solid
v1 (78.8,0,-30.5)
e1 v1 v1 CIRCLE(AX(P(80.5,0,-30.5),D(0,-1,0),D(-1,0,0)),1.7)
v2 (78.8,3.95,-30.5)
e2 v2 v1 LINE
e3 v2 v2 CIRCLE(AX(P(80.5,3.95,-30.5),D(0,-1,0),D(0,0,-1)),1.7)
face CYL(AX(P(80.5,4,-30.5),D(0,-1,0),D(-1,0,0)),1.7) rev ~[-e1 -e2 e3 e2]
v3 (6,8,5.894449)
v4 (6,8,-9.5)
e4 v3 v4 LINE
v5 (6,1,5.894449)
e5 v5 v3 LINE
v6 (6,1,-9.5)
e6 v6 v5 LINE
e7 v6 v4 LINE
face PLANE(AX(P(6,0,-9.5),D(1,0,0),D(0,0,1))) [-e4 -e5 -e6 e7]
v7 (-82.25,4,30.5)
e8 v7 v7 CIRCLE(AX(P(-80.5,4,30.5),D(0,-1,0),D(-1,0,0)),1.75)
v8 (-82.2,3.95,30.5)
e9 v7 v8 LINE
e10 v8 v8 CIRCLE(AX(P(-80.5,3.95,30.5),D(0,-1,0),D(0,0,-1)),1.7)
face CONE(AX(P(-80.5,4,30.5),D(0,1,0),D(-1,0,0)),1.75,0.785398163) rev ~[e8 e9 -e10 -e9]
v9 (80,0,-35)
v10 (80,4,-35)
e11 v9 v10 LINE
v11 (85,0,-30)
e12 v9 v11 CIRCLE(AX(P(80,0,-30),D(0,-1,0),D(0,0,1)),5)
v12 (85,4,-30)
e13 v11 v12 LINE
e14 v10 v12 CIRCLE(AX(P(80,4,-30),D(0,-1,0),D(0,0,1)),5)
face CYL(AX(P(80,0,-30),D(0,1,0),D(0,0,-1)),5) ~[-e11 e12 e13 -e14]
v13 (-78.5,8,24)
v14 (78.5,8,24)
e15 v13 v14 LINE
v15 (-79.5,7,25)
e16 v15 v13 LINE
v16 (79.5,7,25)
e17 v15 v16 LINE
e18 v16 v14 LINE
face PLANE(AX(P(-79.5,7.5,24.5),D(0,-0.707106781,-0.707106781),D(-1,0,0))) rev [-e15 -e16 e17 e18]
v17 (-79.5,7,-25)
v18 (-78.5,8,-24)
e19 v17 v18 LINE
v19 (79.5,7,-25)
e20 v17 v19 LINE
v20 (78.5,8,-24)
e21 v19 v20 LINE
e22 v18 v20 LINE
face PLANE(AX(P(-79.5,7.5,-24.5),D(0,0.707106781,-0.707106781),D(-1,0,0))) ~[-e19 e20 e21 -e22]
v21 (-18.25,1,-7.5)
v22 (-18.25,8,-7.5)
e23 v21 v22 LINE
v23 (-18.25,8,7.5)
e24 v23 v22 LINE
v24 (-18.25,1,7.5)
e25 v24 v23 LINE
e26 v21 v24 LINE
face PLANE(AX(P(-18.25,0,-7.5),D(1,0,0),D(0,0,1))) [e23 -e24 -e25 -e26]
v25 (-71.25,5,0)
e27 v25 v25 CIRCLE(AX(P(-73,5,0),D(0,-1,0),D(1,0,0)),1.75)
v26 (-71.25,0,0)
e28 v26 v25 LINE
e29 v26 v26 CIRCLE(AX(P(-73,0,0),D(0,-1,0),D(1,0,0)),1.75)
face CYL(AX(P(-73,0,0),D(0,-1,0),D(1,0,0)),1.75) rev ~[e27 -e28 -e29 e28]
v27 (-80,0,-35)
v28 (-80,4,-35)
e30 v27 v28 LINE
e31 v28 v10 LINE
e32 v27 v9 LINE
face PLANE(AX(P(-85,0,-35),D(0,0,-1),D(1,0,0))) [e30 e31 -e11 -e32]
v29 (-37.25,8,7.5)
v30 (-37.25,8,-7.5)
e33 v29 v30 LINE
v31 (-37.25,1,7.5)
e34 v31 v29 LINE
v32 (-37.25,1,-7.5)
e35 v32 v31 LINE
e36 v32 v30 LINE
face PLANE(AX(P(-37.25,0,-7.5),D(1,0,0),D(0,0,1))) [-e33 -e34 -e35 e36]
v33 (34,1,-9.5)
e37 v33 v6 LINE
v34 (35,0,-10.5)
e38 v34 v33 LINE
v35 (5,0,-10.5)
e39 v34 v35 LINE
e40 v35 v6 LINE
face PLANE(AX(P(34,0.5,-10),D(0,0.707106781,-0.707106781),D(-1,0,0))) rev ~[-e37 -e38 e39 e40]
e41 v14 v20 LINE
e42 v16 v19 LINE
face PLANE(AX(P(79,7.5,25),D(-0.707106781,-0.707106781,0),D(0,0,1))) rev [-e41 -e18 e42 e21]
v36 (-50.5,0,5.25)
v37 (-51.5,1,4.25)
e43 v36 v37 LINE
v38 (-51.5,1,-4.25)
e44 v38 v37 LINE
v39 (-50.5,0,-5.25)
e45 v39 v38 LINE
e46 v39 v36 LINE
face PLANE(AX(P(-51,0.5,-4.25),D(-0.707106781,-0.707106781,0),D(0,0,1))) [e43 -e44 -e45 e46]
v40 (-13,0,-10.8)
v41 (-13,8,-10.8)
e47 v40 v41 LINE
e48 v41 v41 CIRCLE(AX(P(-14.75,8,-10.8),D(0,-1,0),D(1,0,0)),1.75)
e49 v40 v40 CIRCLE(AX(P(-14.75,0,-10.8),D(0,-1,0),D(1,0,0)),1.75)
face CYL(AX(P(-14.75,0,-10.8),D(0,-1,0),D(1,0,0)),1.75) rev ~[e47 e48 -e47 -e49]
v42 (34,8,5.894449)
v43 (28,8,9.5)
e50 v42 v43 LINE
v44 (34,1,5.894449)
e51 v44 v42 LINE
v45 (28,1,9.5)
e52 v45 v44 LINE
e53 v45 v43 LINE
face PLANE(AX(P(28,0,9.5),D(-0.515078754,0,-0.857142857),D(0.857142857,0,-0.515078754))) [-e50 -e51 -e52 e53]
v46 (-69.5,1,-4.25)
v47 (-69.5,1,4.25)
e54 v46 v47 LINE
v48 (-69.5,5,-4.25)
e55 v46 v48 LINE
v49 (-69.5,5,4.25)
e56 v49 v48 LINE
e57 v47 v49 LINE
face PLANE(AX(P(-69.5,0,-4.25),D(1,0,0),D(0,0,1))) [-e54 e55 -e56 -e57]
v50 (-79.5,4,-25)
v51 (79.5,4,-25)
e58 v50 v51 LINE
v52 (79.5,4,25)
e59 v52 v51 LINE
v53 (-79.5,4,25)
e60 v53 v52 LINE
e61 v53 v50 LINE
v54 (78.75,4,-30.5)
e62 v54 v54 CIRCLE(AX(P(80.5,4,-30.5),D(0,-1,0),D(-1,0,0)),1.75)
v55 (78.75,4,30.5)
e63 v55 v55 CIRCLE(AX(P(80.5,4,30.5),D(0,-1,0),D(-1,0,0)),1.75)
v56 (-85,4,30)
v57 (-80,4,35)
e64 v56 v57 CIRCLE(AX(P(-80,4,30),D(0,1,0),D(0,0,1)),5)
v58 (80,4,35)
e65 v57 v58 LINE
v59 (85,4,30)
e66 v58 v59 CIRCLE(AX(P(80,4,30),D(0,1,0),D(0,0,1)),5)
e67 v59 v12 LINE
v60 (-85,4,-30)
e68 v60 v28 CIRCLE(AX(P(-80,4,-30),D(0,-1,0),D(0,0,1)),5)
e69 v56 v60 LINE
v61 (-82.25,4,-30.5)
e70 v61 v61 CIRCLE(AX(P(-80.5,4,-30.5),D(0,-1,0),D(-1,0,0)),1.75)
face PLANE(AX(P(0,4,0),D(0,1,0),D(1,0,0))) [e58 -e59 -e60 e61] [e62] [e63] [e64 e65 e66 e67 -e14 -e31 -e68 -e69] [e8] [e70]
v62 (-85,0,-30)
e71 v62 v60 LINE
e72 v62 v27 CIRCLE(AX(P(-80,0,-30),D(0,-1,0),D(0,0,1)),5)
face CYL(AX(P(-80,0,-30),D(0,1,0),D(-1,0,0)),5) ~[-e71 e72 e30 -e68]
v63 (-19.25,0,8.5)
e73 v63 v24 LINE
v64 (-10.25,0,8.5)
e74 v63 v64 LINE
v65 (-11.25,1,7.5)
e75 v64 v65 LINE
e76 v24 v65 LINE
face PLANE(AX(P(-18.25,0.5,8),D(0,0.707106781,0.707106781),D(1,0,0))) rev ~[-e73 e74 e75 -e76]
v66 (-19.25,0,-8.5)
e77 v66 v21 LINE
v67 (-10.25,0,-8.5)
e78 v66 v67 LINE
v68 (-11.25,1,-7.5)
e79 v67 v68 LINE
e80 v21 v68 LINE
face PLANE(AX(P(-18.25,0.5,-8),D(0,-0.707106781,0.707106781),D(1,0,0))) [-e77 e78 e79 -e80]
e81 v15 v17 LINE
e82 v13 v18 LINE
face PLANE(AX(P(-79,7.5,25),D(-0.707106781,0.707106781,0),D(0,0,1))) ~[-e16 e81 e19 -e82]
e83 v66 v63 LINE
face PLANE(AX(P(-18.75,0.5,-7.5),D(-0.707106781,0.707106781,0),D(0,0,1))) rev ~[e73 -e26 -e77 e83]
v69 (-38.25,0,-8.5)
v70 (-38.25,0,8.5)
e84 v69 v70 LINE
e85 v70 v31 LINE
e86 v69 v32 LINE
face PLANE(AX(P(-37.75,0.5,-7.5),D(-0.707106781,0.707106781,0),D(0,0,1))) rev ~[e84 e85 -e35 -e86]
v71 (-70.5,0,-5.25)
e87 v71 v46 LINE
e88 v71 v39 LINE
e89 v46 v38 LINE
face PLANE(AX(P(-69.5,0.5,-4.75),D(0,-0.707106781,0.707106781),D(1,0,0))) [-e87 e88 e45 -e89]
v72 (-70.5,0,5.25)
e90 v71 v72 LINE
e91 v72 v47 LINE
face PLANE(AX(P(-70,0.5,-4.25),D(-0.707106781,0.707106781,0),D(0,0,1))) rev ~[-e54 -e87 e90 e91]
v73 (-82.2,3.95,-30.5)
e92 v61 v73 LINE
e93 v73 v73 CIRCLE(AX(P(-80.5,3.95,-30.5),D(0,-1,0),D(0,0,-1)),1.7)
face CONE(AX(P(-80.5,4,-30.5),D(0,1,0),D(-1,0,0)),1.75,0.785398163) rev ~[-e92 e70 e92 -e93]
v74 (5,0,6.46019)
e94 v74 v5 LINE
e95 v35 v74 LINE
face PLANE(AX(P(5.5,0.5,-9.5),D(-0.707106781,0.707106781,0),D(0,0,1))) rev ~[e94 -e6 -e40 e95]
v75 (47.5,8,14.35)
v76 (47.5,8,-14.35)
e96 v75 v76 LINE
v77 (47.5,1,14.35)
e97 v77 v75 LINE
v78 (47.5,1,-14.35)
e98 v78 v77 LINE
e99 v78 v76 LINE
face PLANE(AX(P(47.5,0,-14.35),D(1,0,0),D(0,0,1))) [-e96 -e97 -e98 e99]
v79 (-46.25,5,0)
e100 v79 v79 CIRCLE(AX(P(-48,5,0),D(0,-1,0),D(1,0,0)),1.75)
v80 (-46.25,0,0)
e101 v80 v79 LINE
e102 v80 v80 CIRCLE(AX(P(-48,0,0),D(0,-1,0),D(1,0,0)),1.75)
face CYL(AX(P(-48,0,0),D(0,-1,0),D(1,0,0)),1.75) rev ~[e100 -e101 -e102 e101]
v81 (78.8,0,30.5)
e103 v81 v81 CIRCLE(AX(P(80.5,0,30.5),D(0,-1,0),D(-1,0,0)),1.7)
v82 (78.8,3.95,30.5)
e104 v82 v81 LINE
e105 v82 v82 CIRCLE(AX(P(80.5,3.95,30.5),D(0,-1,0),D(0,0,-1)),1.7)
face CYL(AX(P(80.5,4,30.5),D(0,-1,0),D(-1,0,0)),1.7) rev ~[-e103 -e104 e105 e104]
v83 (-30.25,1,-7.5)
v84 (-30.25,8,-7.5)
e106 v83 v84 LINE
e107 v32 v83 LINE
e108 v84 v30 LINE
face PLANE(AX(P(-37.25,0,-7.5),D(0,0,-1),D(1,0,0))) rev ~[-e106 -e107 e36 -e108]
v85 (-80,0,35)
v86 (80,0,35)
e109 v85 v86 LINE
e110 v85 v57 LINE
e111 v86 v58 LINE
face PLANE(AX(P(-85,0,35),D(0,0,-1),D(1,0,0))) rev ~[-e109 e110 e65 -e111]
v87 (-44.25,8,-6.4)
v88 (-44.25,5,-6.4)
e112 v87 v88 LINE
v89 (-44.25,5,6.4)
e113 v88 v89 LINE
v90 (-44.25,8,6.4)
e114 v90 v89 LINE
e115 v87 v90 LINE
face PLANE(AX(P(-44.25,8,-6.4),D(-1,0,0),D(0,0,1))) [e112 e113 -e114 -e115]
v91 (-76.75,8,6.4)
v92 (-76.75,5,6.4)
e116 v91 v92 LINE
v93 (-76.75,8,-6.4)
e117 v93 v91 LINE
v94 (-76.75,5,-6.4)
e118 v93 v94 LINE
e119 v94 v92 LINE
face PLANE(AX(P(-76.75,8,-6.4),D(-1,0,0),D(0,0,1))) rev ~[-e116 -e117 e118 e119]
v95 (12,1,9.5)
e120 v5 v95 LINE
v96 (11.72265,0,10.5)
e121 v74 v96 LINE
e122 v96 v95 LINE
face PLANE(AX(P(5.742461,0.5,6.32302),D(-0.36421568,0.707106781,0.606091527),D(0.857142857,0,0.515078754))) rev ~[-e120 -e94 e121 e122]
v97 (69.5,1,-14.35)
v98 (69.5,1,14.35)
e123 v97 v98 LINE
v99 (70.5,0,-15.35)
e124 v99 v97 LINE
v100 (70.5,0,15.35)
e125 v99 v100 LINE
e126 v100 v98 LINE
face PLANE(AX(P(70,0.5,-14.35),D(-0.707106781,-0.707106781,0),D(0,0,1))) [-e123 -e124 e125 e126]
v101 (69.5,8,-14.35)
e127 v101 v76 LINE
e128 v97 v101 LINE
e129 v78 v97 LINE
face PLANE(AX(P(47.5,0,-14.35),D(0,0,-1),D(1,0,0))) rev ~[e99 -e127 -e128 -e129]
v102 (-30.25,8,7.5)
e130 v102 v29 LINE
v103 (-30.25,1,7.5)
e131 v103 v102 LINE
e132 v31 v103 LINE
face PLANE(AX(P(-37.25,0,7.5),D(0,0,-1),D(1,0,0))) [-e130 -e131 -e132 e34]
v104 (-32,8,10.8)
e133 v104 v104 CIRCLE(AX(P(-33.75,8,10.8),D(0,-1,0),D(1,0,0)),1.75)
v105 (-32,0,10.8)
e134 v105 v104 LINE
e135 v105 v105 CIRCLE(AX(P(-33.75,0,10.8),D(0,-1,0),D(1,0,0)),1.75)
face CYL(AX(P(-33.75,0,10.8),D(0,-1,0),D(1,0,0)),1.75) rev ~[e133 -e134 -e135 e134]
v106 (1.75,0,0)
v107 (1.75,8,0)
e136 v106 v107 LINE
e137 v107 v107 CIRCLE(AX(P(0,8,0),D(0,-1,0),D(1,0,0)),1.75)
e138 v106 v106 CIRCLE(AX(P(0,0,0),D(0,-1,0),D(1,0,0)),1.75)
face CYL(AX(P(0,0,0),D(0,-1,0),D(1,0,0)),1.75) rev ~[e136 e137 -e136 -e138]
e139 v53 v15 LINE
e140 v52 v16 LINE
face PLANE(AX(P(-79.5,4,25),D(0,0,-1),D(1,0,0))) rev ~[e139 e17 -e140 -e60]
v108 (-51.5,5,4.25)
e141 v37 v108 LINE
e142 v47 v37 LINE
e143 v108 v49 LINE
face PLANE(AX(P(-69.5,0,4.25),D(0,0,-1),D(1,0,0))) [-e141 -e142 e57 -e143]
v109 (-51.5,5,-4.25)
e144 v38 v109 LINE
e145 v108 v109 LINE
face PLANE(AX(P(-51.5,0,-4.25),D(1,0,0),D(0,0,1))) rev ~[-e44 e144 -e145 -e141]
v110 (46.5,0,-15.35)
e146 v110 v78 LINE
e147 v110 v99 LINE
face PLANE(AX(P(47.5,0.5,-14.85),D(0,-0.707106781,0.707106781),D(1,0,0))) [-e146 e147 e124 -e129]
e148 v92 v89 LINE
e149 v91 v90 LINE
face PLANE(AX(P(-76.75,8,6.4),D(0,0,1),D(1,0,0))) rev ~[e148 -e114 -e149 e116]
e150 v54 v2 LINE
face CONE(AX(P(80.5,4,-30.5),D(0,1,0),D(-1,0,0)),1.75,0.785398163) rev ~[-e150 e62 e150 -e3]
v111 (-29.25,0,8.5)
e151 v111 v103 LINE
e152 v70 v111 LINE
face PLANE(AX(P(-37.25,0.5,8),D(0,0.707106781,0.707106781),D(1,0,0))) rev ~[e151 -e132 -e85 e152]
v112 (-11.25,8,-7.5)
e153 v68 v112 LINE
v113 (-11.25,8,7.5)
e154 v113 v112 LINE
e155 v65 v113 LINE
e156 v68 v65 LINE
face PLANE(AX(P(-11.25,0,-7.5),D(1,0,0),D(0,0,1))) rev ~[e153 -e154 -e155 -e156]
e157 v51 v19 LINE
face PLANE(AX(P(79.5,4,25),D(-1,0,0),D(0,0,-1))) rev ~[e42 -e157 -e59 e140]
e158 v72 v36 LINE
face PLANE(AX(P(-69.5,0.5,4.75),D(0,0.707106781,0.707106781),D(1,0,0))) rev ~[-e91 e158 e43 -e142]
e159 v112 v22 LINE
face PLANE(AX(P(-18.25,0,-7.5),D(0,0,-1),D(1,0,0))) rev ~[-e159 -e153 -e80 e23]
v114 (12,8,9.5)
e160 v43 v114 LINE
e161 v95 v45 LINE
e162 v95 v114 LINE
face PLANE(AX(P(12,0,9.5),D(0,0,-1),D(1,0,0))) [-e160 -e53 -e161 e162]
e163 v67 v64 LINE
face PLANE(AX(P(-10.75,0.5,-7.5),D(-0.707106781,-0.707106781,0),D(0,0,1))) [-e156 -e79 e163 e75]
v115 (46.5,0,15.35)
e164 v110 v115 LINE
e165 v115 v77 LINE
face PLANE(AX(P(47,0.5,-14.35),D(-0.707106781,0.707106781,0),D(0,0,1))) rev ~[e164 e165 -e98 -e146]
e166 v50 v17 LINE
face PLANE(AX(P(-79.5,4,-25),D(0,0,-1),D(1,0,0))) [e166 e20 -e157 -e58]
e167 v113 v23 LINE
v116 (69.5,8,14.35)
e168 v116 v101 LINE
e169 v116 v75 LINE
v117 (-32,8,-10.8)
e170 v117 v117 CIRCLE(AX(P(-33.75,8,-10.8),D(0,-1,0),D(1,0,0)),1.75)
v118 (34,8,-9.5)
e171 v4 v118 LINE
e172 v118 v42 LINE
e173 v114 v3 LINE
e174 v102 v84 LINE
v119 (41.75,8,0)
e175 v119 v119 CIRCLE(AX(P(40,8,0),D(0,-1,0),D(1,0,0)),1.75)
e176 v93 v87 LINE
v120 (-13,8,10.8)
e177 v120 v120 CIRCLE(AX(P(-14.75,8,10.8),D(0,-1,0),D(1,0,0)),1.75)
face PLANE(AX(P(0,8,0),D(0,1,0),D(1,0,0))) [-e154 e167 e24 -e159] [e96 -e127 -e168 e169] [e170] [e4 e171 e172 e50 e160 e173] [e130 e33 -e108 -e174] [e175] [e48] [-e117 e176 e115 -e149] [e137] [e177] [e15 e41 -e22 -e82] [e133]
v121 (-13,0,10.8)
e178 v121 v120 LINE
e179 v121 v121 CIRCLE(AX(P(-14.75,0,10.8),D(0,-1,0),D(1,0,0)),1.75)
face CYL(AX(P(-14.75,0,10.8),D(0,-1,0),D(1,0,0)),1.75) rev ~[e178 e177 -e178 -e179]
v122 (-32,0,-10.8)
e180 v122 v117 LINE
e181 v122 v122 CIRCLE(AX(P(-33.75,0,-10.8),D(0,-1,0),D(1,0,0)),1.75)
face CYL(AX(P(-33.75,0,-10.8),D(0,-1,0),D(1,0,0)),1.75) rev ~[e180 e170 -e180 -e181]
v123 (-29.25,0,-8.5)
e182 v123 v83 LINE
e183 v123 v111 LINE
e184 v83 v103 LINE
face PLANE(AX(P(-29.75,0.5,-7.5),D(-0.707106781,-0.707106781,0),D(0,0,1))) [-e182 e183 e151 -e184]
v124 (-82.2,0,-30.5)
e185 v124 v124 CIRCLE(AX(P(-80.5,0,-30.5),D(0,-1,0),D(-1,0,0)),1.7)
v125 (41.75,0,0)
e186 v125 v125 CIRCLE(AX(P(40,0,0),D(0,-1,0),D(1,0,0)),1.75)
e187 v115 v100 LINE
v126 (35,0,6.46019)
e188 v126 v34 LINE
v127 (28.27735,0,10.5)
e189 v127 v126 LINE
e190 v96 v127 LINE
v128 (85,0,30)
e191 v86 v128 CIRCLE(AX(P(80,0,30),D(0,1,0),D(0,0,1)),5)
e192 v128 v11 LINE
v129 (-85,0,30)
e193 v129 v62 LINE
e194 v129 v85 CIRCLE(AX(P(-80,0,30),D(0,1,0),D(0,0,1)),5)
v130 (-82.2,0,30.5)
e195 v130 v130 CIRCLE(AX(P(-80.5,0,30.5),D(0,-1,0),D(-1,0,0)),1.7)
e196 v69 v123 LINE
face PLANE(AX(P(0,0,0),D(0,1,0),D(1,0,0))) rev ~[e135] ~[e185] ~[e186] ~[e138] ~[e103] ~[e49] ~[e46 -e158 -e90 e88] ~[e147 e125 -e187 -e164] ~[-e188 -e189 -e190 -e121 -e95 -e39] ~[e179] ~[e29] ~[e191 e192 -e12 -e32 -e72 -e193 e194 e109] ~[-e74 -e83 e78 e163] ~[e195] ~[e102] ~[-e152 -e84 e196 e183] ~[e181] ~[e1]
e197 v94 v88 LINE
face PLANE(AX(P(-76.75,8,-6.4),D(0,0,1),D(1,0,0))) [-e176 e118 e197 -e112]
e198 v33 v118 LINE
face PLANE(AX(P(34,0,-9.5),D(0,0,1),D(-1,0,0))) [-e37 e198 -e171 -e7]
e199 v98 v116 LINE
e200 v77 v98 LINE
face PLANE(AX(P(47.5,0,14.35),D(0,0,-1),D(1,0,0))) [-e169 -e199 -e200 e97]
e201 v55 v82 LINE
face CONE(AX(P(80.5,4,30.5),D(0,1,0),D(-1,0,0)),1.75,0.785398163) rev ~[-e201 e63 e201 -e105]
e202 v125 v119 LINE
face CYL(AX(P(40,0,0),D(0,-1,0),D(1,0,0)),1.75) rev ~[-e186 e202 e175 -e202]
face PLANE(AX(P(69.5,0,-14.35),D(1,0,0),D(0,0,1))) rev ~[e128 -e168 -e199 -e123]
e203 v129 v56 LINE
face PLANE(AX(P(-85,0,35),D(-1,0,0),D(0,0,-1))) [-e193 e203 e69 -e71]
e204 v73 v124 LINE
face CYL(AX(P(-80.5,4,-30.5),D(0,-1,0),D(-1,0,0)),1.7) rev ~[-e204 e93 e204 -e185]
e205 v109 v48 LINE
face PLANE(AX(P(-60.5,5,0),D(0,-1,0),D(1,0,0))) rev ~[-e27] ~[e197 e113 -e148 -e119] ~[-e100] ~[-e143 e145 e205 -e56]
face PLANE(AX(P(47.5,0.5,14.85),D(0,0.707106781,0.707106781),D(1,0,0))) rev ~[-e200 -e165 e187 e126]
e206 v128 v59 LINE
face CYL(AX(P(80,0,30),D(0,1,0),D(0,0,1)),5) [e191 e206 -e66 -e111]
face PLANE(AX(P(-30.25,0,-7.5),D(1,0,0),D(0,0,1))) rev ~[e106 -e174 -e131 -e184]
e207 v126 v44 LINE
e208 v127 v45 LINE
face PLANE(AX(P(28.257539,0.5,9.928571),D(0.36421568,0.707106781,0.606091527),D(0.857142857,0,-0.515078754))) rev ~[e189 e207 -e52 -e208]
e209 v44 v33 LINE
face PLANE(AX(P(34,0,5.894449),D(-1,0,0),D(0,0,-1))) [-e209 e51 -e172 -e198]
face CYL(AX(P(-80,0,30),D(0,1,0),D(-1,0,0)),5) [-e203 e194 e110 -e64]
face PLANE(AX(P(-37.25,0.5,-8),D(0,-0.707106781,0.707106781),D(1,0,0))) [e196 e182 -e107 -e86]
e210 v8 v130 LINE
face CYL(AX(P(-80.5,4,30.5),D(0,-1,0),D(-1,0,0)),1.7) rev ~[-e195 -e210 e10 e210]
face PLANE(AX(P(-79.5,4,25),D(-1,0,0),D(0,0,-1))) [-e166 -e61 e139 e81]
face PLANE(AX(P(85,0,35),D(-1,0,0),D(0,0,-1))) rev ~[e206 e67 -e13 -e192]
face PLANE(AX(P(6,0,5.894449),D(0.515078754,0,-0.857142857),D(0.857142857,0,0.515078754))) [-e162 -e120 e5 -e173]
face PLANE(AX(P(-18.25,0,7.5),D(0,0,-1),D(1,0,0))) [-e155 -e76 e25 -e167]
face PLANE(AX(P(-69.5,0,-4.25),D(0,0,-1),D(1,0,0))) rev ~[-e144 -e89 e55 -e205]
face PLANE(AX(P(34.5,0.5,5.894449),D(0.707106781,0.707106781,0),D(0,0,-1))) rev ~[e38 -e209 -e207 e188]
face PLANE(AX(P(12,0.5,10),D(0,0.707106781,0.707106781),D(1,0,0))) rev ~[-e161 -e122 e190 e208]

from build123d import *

# Parameters (mm, degrees)
SKETCH1_W                      = 170
SKETCH1_H                      = 70
BOSS_EXTRUDE1_DEPTH            = 4
SKETCH2_W                      = 159
SKETCH2_H                      = 50
BOSS_EXTRUDE2_DEPTH            = 4
M3_CLEARANCE_HOLE1_D           = 3.4
M3_CLEARANCE_HOLE1_CSINK_D     = 3.5
M3_CLEARANCE_HOLE1_CSINK_ANGLE = 90
SKETCH6_R                      = 1.75
SKETCH6_W                      = 18
SKETCH6_H                      = 8.5
SKETCH6_W_2                    = 22
SKETCH6_H_2                    = 28.7
SKETCH6_W_3                    = 7
SKETCH6_H_3                    = 15
CUT_EXTRUDE1_DEPTH             = 9
CUT_EXTRUDE2_START             = -8
SKETCH6_3_W                    = 18
SKETCH6_3_H                    = 8.5
SKETCH6_3_W_2                  = 32.5
SKETCH6_3_H_2                  = 12.8
CUT_EXTRUDE2_DEPTH             = 3
CHAMFER1_SIZE                  = 1
FILLET1_R                      = 5


with BuildPart() as part:
    # Sketch1 → Boss-Extrude1 (new body)
    with BuildSketch(Plane(origin=(0, 0, 0), x_dir=(1, 0, 0), z_dir=(0, 1, 0))):
        Rectangle(SKETCH1_W, SKETCH1_H)
    extrude(amount=BOSS_EXTRUDE1_DEPTH)

    # Sketch2 → Boss-Extrude2 (add)
    with BuildSketch(Plane(origin=(0, 4, 0), x_dir=(1, 0, 0), z_dir=(0, 1, 0))):
        Rectangle(SKETCH2_W, SKETCH2_H)
    extrude(amount=BOSS_EXTRUDE2_DEPTH)

    # M3 Clearance Hole1 (through all)
    with Locations(Plane(origin=(0, 4, 0), x_dir=(1, 0, 0), z_dir=(0, 1, 0))):
        with Locations((80.5, -30.5), (80.5, 30.5), (-80.5, -30.5), (-80.5, 30.5)):
            CounterSinkHole(M3_CLEARANCE_HOLE1_D / 2, M3_CLEARANCE_HOLE1_CSINK_D / 2, counter_sink_angle=M3_CLEARANCE_HOLE1_CSINK_ANGLE)

    # Sketch6 → Cut-Extrude1 (cut, through all)
    with BuildSketch(Plane.XZ):
        with Locations((-48, 0)):
            Circle(SKETCH6_R)
        with Locations((-73, 0)):
            Circle(SKETCH6_R)
        with Locations((-60.5, 0)):
            Rectangle(SKETCH6_W, SKETCH6_H)
        with Locations((-33.75, 10.8)):
            Circle(SKETCH6_R)
        with Locations((-33.75, -10.8)):
            Circle(SKETCH6_R)
        with Locations((-14.75, 10.8)):
            Circle(SKETCH6_R)
        with Locations((-14.75, -10.8)):
            Circle(SKETCH6_R)
        Circle(SKETCH6_R)
        with Locations((58.5, 0)):
            Rectangle(SKETCH6_W_2, SKETCH6_H_2)
        with Locations((-33.75, 0)):
            Rectangle(SKETCH6_W_3, SKETCH6_H_3)
        with Locations((-14.75, 0)):
            Rectangle(SKETCH6_W_3, SKETCH6_H_3)
        Polygon((28, 9.5), (34, 5.894448725), (34, -9.5), (6, -9.5), (6, 5.894448725), (12, 9.5), align=None)
        with Locations((40, 0)):
            Circle(SKETCH6_R)
    extrude(amount=-CUT_EXTRUDE1_DEPTH, mode=Mode.SUBTRACT)

    # Sketch6<3> → Cut-Extrude2 (cut)
    with BuildSketch(Plane.XZ.offset(CUT_EXTRUDE2_START)):
        with Locations((-60.5, 0)):
            Rectangle(SKETCH6_3_W, SKETCH6_3_H)
        with Locations((-60.5, 0)):
            Rectangle(SKETCH6_3_W_2, SKETCH6_3_H_2)
    extrude(amount=CUT_EXTRUDE2_DEPTH, mode=Mode.SUBTRACT)

    # Chamfer1
    chamfer1_edges = [part.edges().sort_by_distance(p)[0] for p in [
        (69.5, 0, 0),
        (58.5, 0, 14.35),
        (47.5, 0, 0),
        (58.5, 0, -14.35),
        (-37.25, 0, 0),
        (-33.75, 0, 7.5),
        (-33.75, 0, -7.5),
        (-30.25, 0, 0),
        (-18.25, 0, 0),
        (-14.75, 0, 7.5),
        (-14.75, 0, -7.5),
        (-11.25, 0, 0),
        (20, 0, 9.5),
        (31, 0, 7.697224362),
        (34, 0, -1.802775638),
        (20, 0, -9.5),
        (9, 0, 7.697224362),
        (6, 0, -1.802775638),
        (-79.5, 8, 0),
        (0, 8, -25),
        (0, 8, 25),
        (79.5, 8, 0),
        (-51.5, 0, 0),
        (-60.5, 0, 4.25),
        (-69.5, 0, 0),
        (-60.5, 0, -4.25),
    ]]
    chamfer(chamfer1_edges, length=CHAMFER1_SIZE)

    # Fillet1
    fillet1_edges = [part.edges().sort_by_distance(p)[0] for p in [
        (85, 2, 35),
        (-85, 2, 35),
        (-85, 2, -35),
        (85, 2, -35),
    ]]
    fillet(fillet1_edges, radius=FILLET1_R)


solid = part.part
